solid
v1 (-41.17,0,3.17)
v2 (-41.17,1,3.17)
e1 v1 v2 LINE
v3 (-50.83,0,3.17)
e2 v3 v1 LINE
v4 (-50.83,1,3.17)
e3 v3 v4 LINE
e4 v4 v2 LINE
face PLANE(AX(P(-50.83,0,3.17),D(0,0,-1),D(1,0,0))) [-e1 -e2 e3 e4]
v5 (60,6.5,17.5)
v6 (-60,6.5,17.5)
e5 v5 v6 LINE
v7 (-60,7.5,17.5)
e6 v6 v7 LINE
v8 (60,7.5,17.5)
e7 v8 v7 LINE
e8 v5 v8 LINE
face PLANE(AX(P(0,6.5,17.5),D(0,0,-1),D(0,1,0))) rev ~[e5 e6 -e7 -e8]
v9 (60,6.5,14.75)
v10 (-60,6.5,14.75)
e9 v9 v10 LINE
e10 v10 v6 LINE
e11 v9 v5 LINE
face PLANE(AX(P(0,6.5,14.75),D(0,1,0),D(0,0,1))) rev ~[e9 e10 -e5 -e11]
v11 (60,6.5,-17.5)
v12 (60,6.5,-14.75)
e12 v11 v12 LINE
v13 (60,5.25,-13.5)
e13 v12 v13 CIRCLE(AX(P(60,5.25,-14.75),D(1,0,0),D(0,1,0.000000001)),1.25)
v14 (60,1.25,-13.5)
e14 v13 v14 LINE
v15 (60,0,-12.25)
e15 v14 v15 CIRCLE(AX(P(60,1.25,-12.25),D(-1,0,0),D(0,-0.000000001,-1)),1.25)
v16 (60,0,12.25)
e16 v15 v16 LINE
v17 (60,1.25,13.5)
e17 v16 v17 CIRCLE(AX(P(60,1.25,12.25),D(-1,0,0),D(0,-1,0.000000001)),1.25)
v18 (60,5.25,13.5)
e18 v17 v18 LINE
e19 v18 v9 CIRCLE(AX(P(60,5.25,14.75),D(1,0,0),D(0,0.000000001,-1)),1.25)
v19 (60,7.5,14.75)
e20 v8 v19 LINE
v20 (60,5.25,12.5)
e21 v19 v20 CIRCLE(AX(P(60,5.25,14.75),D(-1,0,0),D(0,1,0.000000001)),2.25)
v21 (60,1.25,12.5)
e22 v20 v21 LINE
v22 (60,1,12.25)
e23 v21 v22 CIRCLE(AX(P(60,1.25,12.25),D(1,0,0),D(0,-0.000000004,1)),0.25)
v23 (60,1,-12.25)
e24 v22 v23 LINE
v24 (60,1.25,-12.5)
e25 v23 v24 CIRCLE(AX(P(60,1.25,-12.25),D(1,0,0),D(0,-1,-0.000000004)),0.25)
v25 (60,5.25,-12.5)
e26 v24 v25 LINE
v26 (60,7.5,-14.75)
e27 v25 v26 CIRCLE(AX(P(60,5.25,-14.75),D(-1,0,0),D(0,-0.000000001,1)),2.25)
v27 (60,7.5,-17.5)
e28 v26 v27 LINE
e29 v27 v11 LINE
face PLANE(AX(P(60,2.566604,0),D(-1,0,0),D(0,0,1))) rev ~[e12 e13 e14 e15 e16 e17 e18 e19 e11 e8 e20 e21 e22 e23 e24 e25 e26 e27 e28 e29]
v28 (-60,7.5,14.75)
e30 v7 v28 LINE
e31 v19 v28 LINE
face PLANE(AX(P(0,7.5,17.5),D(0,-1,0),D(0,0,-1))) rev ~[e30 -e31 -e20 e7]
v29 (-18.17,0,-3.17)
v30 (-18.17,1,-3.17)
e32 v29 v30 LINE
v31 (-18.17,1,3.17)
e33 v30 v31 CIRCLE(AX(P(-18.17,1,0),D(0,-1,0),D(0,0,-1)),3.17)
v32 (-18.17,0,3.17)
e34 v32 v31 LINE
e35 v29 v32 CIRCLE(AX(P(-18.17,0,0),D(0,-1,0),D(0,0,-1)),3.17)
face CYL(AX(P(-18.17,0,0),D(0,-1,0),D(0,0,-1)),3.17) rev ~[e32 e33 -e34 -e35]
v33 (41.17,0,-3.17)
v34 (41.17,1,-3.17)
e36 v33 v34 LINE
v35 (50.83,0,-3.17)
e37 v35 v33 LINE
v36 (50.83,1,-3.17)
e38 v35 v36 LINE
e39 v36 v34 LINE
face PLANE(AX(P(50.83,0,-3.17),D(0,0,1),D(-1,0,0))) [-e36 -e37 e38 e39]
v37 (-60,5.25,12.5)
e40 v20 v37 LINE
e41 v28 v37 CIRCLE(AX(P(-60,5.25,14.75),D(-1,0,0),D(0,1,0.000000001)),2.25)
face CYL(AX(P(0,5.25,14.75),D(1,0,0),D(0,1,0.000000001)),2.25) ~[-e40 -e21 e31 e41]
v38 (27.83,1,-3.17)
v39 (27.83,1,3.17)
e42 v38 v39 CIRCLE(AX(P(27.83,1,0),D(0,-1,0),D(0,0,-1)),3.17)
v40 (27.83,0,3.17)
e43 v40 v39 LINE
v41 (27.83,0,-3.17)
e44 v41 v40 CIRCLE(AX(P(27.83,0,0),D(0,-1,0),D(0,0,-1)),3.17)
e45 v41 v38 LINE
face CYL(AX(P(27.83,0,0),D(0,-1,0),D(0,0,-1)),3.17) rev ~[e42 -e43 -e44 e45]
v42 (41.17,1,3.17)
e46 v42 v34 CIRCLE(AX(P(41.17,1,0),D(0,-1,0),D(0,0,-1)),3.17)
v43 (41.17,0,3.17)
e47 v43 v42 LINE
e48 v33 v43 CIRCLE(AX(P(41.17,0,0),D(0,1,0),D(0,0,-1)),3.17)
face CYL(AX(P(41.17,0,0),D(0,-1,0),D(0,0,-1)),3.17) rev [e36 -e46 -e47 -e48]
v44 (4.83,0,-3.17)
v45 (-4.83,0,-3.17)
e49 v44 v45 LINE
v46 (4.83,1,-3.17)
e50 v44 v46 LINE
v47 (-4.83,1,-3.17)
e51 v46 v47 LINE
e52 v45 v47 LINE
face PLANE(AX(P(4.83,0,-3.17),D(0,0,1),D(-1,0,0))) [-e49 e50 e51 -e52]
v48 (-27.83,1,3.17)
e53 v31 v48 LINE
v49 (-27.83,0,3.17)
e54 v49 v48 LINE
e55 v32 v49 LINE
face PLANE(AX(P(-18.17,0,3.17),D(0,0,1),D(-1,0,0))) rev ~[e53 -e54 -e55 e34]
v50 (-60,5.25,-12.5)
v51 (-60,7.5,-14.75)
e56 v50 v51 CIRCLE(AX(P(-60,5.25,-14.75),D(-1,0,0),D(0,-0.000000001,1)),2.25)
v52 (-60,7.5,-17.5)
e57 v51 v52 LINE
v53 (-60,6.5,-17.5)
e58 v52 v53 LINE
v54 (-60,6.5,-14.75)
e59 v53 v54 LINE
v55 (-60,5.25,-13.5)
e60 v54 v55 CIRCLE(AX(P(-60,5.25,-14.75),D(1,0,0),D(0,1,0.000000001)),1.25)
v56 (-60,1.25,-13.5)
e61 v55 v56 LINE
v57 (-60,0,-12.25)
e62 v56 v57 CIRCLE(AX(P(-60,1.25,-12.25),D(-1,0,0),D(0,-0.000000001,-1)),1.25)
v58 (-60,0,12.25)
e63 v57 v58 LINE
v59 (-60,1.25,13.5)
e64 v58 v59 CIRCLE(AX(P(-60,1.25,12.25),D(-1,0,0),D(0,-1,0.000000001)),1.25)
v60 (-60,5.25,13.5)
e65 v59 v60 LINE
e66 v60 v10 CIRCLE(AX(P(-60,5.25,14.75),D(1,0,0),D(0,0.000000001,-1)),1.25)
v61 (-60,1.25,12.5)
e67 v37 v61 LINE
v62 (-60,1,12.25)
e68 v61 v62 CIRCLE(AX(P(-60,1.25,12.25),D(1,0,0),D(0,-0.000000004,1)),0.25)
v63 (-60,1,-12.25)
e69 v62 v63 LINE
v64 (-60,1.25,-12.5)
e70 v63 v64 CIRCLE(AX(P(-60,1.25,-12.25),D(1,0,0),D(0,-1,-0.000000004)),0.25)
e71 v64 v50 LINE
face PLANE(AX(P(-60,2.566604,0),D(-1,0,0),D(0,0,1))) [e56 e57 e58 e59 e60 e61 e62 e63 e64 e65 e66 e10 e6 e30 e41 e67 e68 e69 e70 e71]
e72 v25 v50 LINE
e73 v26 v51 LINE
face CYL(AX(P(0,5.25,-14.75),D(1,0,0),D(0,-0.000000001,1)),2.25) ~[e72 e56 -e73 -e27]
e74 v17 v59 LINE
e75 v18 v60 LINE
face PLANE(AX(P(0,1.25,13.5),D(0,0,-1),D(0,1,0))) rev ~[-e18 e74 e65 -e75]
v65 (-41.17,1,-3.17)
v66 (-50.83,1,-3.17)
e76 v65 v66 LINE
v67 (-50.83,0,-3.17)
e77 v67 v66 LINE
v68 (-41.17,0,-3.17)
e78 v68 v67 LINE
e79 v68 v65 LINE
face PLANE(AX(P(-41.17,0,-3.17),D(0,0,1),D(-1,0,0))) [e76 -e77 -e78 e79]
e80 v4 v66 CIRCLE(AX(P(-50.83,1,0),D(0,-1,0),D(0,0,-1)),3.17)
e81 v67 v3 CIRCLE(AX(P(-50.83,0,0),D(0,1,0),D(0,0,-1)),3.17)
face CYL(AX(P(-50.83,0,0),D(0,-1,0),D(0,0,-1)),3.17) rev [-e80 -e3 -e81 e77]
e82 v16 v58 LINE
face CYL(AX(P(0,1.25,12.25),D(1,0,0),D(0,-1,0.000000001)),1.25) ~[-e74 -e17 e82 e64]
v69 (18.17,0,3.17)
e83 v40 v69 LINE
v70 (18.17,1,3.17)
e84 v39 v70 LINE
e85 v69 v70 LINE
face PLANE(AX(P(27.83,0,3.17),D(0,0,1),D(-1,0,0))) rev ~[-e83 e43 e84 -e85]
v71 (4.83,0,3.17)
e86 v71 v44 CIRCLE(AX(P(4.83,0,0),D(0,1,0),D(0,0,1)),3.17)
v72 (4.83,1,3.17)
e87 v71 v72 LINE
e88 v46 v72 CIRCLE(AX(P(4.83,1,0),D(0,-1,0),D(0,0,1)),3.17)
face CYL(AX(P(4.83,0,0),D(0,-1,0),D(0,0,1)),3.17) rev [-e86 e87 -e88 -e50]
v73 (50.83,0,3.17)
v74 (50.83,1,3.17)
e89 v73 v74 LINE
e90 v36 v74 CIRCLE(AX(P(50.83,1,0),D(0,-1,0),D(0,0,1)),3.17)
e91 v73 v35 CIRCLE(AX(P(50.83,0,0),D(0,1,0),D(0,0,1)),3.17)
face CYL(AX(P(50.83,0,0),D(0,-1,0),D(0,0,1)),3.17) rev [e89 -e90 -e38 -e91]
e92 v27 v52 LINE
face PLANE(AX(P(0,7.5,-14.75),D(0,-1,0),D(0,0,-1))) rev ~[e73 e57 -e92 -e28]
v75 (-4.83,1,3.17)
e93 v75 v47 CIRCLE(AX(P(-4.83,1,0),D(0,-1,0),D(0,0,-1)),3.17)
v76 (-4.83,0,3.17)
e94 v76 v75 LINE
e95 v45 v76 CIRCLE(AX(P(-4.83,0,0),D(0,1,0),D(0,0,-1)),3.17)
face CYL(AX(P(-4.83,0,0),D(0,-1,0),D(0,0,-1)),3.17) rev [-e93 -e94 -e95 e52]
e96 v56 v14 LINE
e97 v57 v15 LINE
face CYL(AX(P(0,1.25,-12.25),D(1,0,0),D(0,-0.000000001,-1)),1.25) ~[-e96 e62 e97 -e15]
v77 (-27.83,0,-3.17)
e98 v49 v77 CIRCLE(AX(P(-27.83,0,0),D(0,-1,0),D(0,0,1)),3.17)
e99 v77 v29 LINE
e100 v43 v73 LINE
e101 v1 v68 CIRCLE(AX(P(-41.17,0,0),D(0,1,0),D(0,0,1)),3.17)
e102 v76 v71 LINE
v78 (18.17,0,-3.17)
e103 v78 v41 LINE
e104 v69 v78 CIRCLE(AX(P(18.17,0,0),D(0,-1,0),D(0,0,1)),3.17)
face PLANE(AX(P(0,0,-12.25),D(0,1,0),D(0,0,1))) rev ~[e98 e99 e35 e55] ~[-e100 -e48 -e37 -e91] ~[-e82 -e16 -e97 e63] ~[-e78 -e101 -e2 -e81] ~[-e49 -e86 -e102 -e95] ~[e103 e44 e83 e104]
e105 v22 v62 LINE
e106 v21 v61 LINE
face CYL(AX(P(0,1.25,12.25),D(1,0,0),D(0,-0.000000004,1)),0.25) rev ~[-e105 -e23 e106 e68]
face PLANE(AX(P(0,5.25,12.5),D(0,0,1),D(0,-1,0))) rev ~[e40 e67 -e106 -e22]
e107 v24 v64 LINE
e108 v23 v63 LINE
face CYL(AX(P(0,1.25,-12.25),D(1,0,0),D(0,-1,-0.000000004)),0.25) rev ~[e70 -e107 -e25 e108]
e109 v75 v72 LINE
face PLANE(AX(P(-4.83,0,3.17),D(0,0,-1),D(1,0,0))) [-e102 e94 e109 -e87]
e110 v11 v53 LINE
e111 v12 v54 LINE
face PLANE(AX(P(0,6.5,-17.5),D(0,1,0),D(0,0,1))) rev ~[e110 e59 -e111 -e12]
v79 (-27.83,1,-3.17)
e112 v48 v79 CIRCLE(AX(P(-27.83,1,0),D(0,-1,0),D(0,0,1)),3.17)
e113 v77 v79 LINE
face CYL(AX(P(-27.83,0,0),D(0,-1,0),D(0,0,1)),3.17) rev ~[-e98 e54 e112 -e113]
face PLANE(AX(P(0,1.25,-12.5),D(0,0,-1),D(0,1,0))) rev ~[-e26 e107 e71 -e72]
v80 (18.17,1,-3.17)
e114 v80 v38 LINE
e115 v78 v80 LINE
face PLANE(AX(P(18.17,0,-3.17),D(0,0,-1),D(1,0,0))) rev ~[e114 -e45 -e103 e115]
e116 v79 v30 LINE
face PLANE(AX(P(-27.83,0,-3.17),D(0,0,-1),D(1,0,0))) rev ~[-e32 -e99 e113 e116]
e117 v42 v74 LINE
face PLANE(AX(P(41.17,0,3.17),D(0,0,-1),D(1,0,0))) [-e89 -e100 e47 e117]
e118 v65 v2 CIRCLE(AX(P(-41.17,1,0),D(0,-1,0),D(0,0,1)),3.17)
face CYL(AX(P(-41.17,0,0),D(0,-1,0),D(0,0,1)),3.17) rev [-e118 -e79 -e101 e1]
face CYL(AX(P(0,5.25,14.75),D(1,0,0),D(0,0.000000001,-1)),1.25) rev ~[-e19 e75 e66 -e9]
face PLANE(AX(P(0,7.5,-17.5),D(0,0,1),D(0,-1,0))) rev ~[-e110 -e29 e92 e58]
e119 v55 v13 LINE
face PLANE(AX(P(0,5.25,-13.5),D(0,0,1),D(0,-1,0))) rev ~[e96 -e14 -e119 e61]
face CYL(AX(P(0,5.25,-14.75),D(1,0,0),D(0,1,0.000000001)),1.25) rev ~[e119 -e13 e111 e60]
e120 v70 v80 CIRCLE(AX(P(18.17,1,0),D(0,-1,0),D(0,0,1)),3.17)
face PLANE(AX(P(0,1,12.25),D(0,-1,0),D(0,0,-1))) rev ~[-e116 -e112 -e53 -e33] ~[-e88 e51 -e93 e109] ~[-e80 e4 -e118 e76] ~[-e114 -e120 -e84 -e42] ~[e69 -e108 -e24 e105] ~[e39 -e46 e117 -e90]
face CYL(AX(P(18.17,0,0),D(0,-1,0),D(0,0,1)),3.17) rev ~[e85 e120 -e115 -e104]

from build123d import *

# Parameters (mm, degrees)
BOSS_EXTRUDE1_DEPTH = 60
CUT_EXTRUDE1_DEPTH  = 120


with BuildPart() as part:
    # Sketch1 → Boss-Extrude1 (new, symmetric)
    with BuildSketch(Plane(origin=(0, 0, 0), x_dir=(0, 0, -1), z_dir=(1, 0, 0))):
        with BuildLine():
            Line((12.25, 0), (-12.25, 0))
            ThreePointArc((-12.25, 0), (-13.133883476, 0.366116524), (-13.5, 1.25))
            Line((-13.5, 1.25), (-13.5, 5.25))
            ThreePointArc((-13.5, 5.25), (-13.866116524, 6.133883476), (-14.75, 6.5))
            Line((-14.75, 6.5), (-17.5, 6.5))
            Line((-17.5, 6.5), (-17.5, 7.5))
            Line((-17.5, 7.5), (-14.75, 7.5))
            ThreePointArc((-14.75, 7.5), (-13.159009742, 6.840990258), (-12.5, 5.25))
            Line((-12.5, 5.25), (-12.5, 1.25))
            ThreePointArc((-12.5, 1.25), (-12.426776695, 1.073223305), (-12.25, 1))
            Line((-12.25, 1), (12.25, 1))
            ThreePointArc((12.25, 1), (12.426776695, 1.073223305), (12.5, 1.25))
            Line((12.5, 1.25), (12.5, 5.25))
            ThreePointArc((12.5, 5.25), (13.159009742, 6.840990258), (14.75, 7.5))
            Line((14.75, 7.5), (17.5, 7.5))
            Line((17.5, 7.5), (17.5, 6.5))
            Line((17.5, 6.5), (14.75, 6.5))
            ThreePointArc((14.75, 6.5), (13.866116524, 6.133883476), (13.5, 5.25))
            Line((13.5, 5.25), (13.5, 1.25))
            ThreePointArc((13.5, 1.25), (13.133883476, 0.366116524), (12.25, 0))
        make_face()
    extrude(amount=BOSS_EXTRUDE1_DEPTH, both=True)

    # Sketch2 → Cut-Extrude1 (cut)
    with BuildSketch(Plane.XZ):
        with BuildLine():
            Line((-4.83, 3.17), (4.83, 3.17))
            ThreePointArc((4.83, 3.17), (8, 0), (4.83, -3.17))
            Line((4.83, -3.17), (-4.83, -3.17))
            ThreePointArc((-4.83, -3.17), (-8, 0), (-4.83, 3.17))
        make_face()
        with BuildLine():
            Line((18.17, -3.17), (27.83, -3.17))
            ThreePointArc((27.83, -3.17), (31, 0), (27.83, 3.17))
            Line((27.83, 3.17), (18.17, 3.17))
            ThreePointArc((18.17, 3.17), (15, 0), (18.17, -3.17))
        make_face()
        with BuildLine():
            Line((-27.83, -3.17), (-18.17, -3.17))
            ThreePointArc((-18.17, -3.17), (-15, 0), (-18.17, 3.17))
            Line((-18.17, 3.17), (-27.83, 3.17))
            ThreePointArc((-27.83, 3.17), (-31, 0), (-27.83, -3.17))
        make_face()
        with BuildLine():
            Line((-50.83, 3.17), (-41.17, 3.17))
            ThreePointArc((-41.17, 3.17), (-38, 0), (-41.17, -3.17))
            Line((-41.17, -3.17), (-50.83, -3.17))
            ThreePointArc((-50.83, -3.17), (-54, 0), (-50.83, 3.17))
        make_face()
        with BuildLine():
            Line((41.17, 3.17), (50.83, 3.17))
            ThreePointArc((50.83, 3.17), (54, 0), (50.83, -3.17))
            Line((50.83, -3.17), (41.17, -3.17))
            ThreePointArc((41.17, -3.17), (38, 0), (41.17, 3.17))
        make_face()
    extrude(amount=-CUT_EXTRUDE1_DEPTH, mode=Mode.SUBTRACT)


solid = part.part
